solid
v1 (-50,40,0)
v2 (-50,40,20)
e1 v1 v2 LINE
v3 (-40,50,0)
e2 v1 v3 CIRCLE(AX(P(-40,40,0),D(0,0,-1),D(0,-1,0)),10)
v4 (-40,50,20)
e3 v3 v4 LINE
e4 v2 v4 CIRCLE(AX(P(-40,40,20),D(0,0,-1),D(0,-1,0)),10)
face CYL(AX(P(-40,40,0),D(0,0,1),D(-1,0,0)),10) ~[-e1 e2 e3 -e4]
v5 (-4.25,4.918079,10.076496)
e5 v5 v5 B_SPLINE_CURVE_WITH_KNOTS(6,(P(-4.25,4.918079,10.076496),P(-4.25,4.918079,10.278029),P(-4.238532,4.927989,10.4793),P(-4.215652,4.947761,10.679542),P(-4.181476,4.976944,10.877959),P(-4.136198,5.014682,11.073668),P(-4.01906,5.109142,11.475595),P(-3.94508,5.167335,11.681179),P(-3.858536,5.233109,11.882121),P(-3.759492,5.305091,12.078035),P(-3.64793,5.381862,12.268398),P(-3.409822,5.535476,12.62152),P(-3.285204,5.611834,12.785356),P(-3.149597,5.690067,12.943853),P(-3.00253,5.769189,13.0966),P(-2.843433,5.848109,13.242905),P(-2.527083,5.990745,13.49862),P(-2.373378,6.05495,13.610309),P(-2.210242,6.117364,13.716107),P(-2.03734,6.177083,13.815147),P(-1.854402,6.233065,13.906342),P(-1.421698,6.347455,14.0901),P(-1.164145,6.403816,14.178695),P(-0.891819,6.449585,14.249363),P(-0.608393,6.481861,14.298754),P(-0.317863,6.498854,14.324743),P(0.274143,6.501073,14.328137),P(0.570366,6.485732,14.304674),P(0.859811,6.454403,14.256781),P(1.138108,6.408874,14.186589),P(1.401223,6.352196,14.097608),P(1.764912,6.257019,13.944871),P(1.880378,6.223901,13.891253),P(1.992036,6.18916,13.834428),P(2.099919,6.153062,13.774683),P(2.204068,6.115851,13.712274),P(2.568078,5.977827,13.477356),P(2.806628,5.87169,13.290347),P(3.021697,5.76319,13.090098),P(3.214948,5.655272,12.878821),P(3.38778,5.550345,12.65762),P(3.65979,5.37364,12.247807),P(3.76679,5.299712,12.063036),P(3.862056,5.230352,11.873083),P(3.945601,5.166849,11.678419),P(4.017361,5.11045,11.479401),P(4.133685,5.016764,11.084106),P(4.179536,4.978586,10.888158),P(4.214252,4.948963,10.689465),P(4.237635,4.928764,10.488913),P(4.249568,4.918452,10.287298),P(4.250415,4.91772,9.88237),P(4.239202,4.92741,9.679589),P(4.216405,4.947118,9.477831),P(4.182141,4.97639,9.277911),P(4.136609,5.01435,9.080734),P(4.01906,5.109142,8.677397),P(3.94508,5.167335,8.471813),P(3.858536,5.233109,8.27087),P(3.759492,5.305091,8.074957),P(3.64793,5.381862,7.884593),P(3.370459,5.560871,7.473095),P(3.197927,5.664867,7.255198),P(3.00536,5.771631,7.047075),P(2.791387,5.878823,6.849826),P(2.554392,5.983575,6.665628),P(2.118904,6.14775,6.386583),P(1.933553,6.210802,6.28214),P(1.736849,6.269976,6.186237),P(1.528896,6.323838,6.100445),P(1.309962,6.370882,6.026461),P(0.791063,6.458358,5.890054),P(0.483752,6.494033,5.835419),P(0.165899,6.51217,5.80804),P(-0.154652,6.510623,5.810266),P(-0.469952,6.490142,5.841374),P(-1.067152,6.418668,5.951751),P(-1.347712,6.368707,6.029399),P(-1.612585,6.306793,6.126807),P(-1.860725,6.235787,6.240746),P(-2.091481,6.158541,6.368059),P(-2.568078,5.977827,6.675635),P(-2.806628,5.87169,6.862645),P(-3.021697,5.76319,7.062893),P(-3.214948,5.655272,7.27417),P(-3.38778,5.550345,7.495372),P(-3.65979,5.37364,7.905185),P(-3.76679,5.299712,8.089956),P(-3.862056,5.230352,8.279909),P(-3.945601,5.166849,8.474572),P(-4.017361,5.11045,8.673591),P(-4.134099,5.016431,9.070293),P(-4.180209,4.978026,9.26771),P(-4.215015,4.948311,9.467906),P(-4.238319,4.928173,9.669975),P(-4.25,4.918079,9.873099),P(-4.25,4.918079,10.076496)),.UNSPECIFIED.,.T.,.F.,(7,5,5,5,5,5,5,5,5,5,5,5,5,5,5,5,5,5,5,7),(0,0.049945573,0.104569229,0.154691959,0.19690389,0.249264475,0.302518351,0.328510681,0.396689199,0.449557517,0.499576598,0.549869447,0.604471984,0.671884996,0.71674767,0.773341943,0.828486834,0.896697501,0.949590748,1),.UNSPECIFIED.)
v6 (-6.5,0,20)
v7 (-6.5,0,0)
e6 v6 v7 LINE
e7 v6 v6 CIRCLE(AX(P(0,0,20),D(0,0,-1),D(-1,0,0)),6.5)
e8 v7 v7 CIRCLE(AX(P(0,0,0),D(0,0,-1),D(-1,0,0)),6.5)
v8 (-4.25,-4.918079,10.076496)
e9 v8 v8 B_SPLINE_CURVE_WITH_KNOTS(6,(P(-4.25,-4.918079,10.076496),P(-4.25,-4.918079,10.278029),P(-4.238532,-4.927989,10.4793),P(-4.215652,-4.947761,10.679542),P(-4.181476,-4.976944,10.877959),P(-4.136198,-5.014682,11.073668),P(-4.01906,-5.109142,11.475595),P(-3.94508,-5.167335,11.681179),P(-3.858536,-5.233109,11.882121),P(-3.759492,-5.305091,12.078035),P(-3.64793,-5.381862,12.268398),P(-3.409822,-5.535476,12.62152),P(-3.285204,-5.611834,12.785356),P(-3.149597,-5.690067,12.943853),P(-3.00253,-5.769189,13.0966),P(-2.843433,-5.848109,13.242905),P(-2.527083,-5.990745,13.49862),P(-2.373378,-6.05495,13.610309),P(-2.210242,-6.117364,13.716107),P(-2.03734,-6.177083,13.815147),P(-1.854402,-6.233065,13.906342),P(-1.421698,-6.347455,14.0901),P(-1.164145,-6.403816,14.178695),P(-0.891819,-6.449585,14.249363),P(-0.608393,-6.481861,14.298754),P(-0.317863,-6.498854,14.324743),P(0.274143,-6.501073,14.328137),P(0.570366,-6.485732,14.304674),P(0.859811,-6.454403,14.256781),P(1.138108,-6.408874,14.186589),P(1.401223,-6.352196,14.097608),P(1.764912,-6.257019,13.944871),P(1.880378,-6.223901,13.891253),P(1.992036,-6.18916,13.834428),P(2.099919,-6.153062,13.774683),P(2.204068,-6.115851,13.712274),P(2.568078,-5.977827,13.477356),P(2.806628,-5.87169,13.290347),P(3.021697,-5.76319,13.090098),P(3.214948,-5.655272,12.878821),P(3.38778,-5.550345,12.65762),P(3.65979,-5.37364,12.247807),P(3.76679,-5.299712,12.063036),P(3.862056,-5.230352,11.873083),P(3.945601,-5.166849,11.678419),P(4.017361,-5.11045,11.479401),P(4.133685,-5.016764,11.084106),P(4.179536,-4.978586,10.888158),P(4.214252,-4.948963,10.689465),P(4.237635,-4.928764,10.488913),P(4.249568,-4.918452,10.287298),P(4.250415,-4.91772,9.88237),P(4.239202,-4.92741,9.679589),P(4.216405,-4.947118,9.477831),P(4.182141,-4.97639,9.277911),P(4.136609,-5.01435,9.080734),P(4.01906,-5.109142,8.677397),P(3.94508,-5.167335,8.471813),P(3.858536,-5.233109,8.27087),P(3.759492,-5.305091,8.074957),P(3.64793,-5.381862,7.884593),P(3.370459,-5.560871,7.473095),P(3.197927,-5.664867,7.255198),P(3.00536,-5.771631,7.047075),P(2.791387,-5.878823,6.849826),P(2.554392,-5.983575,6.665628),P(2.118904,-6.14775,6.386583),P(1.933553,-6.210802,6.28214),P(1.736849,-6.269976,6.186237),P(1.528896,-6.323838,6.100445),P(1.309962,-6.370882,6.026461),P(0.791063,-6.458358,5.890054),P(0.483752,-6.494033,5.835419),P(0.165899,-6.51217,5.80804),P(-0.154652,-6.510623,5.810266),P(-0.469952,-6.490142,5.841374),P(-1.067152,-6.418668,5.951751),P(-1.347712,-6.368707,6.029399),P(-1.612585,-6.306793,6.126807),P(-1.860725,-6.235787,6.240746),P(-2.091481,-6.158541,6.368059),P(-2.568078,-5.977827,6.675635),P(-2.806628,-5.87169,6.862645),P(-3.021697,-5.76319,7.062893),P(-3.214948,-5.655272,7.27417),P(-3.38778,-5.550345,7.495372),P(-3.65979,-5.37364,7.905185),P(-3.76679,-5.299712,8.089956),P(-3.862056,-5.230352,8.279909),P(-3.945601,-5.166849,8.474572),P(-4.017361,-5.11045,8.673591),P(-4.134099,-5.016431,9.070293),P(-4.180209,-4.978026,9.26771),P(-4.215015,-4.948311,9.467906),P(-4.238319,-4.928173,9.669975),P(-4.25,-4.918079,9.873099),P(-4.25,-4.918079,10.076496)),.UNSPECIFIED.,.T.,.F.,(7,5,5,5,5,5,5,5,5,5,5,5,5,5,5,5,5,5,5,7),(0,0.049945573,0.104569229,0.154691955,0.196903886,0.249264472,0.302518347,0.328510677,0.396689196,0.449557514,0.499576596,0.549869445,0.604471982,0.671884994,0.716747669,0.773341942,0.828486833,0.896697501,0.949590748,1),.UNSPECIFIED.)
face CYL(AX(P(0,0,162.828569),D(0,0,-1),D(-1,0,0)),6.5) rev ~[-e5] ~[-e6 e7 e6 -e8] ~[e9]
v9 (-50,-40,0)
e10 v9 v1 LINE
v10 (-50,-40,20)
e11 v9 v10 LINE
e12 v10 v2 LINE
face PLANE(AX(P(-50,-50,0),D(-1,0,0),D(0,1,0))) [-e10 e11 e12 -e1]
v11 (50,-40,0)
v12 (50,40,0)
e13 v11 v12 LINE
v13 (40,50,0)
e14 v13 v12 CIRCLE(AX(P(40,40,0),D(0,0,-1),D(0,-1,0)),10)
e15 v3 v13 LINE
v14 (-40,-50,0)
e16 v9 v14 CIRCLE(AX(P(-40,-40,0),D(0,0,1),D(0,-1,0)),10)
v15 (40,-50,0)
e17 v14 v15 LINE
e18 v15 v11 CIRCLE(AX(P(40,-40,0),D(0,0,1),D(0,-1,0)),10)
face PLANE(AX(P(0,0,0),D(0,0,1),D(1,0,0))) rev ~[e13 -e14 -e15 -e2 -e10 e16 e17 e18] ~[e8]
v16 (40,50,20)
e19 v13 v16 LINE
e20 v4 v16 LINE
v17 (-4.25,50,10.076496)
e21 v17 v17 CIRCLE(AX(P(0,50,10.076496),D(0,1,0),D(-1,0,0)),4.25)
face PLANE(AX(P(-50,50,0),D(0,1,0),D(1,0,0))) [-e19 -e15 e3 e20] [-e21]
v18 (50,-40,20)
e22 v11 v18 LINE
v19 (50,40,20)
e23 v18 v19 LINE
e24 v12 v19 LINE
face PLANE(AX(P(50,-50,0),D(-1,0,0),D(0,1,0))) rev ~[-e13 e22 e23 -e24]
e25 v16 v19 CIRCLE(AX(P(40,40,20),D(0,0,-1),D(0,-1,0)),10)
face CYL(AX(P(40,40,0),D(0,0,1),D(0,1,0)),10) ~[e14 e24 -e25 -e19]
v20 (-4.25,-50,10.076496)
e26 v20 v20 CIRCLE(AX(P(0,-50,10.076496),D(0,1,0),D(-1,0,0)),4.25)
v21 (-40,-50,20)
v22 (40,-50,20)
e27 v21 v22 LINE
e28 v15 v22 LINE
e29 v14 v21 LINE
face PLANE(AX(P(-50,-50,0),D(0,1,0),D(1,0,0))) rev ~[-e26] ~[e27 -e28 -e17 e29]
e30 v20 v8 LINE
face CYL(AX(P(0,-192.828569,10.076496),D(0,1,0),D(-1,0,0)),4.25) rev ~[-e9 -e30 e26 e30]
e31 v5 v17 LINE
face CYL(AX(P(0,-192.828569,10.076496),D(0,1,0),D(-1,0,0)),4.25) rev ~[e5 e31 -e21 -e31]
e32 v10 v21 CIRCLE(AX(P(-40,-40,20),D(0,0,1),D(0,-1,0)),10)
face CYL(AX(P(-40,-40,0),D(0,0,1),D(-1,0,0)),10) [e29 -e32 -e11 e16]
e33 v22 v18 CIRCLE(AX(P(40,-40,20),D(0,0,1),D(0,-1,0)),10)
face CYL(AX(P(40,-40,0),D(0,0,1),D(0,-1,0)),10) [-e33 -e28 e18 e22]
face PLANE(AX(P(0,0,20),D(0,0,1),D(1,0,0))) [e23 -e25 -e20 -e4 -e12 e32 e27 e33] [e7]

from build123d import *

# Parameters (mm, degrees)
F0_W     = 100
F0_H     = 100
F1_DEPTH = 20
F3_D     = 8.5
F5_D     = 13
F6_R     = 10


with BuildPart() as f1:
    # F0 (on Top) → F1 (new body)
    with BuildSketch(Plane.XY):
        Rectangle(F0_W, F0_H)
    extrude(amount=F1_DEPTH)

    # F3 (through all)
    with Locations(Plane.XZ.offset(50)):
        with Locations((0, 10.0764958188)):
            Hole(F3_D / 2)

    # F5 (through all)
    with Locations(Plane.XY.offset(20)):
        with Locations((0, 0)):
            Hole(F5_D / 2)

    # F6
    f6_edges = [f1.edges().sort_by_distance(p)[0] for p in [
        (50, -50, 10),
        (-50, -50, 10),
        (50, 50, 10),
        (-50, 50, 10),
    ]]
    fillet(f6_edges, radius=F6_R)


solid = f1.part
